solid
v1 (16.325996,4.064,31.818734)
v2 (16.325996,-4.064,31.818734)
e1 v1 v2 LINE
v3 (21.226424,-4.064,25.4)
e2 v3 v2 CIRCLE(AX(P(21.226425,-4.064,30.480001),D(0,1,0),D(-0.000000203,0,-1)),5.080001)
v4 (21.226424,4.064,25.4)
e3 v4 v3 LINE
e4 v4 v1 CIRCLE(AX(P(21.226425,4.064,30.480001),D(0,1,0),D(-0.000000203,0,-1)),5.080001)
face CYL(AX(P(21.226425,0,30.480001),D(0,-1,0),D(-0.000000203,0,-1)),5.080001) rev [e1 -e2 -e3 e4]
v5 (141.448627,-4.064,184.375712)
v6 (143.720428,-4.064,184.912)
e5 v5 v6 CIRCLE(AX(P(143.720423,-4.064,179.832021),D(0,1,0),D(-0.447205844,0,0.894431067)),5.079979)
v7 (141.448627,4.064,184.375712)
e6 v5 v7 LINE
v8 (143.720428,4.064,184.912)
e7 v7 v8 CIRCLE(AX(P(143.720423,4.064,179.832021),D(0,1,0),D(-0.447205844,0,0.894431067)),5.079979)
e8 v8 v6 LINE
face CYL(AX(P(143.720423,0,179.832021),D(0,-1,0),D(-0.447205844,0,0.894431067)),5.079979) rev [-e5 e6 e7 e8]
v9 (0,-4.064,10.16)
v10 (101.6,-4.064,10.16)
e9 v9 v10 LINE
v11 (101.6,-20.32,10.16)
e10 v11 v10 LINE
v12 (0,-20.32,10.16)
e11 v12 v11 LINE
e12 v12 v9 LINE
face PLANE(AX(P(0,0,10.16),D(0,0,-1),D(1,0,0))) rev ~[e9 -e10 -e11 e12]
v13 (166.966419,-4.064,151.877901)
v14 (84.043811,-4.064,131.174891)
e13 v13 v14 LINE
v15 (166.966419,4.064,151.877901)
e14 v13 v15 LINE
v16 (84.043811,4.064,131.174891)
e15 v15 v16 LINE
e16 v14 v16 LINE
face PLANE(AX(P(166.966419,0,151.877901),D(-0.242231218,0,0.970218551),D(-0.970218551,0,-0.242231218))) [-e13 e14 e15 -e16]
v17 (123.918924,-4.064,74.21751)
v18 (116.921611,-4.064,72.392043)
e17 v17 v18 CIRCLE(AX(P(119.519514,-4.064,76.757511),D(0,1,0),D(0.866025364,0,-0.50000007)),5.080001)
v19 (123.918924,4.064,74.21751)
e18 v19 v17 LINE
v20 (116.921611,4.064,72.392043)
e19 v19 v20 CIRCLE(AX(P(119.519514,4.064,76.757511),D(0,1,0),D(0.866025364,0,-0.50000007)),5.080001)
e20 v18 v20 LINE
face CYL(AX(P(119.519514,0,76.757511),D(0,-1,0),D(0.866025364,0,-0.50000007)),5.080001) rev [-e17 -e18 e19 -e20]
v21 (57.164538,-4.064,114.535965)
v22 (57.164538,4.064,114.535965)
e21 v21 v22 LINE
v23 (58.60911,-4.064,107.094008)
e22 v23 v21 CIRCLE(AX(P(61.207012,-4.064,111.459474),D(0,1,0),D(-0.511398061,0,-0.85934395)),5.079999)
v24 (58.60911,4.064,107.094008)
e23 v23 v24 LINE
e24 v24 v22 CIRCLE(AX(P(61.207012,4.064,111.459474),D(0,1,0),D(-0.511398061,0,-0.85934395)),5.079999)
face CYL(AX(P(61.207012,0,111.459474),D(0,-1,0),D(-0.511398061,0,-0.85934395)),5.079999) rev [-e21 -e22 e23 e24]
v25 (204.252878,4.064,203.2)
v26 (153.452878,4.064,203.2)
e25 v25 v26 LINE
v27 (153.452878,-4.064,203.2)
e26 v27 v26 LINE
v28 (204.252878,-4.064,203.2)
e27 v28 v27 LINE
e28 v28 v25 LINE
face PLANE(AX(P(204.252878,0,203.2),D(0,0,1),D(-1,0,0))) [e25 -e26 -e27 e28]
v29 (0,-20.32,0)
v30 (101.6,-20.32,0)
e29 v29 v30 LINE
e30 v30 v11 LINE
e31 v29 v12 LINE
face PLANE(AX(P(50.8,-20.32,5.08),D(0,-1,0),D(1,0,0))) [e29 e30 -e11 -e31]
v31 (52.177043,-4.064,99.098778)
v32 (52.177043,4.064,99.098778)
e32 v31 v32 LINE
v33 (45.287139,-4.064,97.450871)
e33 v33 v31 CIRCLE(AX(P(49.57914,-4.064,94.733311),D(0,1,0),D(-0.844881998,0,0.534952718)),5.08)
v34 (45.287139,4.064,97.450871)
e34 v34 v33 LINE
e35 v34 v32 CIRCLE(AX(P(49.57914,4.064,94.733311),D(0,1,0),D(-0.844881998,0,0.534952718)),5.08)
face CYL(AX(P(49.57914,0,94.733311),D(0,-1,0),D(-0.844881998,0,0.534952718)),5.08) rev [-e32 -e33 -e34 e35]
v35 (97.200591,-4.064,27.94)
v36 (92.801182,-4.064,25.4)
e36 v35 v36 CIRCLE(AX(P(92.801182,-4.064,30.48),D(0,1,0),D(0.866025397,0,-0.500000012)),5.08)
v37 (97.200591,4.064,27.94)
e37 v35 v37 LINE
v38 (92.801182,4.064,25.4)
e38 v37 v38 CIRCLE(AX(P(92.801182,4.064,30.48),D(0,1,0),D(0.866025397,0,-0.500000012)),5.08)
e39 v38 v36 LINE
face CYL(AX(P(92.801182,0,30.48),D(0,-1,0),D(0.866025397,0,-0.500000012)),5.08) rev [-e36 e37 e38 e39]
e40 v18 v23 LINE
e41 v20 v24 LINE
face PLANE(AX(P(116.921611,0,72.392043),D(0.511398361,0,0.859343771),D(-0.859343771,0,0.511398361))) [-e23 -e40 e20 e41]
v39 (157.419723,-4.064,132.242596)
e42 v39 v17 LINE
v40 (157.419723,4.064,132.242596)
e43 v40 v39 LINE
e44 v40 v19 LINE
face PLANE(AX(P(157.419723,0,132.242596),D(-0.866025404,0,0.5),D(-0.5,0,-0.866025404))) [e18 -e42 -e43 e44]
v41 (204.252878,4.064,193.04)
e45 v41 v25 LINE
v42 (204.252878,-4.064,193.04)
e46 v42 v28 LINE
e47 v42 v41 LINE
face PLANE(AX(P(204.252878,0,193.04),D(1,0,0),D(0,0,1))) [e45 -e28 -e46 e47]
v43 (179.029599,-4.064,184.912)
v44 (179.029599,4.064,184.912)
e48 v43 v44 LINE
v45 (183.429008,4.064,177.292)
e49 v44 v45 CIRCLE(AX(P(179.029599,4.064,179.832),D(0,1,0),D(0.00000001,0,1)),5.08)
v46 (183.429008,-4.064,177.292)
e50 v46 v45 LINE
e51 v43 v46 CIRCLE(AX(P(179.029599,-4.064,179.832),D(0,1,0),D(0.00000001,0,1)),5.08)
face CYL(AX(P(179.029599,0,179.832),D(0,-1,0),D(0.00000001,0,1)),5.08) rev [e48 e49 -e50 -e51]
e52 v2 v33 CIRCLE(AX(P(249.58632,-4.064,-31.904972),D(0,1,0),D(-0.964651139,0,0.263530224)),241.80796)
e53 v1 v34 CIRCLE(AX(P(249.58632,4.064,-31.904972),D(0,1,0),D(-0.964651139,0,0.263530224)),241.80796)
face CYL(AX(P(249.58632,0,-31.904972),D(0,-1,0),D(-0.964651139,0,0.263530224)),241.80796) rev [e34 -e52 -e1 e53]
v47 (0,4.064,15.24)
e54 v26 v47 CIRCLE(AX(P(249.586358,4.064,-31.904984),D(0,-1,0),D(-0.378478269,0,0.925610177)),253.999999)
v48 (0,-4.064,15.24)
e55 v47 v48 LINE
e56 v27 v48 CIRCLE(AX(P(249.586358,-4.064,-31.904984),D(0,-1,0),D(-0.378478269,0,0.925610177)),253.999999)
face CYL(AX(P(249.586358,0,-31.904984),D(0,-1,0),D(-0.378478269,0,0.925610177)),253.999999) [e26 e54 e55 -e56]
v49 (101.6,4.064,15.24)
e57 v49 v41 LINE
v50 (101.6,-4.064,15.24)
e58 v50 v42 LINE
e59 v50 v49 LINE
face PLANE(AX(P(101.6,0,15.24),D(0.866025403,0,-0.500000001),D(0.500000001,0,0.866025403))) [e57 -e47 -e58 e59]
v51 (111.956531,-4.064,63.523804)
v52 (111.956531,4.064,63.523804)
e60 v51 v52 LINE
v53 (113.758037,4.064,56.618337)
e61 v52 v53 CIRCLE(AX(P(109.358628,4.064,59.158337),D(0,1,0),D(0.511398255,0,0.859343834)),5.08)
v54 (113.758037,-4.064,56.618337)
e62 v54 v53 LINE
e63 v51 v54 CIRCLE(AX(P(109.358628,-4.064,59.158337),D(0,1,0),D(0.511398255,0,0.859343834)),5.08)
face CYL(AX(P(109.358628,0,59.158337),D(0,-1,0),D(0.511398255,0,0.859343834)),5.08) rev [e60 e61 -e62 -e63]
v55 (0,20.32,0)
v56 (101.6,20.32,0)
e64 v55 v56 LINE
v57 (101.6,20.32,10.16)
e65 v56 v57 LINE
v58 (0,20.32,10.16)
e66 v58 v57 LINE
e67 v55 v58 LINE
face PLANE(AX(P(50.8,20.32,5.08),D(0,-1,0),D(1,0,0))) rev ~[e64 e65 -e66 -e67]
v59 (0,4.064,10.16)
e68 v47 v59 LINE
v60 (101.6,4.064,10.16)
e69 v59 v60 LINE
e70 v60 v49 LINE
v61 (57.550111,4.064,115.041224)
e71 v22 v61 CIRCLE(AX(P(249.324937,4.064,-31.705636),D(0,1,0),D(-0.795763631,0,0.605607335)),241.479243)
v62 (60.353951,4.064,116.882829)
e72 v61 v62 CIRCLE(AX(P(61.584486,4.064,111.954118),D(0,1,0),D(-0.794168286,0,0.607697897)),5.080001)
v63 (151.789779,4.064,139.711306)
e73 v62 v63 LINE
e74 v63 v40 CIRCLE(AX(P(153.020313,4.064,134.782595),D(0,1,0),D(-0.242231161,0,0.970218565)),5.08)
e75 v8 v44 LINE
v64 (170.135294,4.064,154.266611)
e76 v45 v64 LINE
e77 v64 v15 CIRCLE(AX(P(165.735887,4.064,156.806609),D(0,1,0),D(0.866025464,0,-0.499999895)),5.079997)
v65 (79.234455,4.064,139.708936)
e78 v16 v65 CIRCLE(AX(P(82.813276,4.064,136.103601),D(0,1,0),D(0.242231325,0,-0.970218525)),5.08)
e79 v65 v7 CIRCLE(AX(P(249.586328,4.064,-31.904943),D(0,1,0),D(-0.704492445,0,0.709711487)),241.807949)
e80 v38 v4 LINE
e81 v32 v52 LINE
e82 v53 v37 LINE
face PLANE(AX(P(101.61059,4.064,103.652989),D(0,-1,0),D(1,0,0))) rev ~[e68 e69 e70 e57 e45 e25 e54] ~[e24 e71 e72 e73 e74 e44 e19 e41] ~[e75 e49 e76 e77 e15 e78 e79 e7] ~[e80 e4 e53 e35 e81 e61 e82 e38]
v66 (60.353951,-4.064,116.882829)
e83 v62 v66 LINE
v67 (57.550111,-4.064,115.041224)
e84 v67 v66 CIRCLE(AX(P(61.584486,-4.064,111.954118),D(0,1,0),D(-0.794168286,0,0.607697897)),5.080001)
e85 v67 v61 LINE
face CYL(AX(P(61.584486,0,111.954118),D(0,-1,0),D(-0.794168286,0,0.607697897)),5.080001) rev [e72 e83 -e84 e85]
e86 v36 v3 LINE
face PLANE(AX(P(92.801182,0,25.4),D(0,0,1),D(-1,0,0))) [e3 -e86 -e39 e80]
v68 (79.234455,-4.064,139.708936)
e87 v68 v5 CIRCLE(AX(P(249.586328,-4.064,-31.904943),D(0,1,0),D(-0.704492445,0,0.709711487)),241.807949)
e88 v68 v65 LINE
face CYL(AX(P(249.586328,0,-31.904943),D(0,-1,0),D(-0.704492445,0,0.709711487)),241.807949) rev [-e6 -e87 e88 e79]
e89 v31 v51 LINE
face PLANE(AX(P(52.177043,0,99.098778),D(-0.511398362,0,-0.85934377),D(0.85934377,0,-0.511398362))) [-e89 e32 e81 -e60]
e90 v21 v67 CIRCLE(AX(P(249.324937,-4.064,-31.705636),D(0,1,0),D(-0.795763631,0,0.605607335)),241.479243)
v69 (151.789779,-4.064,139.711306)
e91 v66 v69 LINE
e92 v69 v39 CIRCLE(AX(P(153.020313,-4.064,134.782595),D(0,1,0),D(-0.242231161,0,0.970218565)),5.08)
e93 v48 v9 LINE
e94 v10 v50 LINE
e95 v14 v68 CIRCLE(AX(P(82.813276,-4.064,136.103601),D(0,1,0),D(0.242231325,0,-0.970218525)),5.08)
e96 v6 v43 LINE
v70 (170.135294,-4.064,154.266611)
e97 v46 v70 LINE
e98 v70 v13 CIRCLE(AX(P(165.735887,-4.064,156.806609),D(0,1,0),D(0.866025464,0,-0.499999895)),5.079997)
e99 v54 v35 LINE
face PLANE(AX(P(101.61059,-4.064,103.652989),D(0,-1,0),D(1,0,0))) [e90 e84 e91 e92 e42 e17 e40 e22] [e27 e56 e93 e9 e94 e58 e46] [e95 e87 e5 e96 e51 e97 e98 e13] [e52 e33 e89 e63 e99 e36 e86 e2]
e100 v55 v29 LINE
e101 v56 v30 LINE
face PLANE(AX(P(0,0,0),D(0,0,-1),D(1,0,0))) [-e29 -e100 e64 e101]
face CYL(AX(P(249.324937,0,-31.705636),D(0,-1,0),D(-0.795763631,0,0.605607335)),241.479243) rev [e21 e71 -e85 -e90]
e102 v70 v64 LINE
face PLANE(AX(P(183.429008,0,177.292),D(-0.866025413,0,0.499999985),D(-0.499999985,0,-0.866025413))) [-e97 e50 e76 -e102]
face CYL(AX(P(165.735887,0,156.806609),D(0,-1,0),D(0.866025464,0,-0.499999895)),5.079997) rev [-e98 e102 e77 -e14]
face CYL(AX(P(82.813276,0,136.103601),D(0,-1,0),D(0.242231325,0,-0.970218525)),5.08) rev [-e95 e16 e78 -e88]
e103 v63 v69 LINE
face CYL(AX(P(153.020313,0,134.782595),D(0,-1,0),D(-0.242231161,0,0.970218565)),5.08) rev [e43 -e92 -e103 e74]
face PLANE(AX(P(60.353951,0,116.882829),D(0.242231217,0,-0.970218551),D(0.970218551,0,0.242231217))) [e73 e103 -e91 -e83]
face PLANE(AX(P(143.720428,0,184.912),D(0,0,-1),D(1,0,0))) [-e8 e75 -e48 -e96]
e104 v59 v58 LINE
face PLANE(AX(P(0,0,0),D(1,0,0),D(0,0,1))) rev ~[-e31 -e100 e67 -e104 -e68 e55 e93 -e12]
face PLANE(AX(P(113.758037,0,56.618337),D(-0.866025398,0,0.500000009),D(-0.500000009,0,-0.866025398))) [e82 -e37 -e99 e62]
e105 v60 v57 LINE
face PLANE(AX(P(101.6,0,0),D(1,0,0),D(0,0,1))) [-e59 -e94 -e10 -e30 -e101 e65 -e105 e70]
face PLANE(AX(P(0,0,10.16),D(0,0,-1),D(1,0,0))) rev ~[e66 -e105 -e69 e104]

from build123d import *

# Parameters (mm, degrees)
F1_DEPTH = 4.064
F0_W     = 101.6
F0_H     = 10.16
F2_DEPTH = 20.32


with BuildPart() as f1:
    # F0 (on Front) → F1 (new body, symmetric)
    with BuildSketch(Plane.XZ):
        with BuildLine():
            ThreePointArc((153.452878, 203.2), (52.830692, 128.728784), (0, 15.24))
            Line((0, 15.24), (0, 10.16))
            Line((0, 10.16), (101.6, 10.16))
            Line((101.6, 10.16), (101.6, 15.24))
            Line((101.6, 15.24), (204.252878, 193.04))
            Line((204.252878, 193.04), (204.252878, 203.2))
            Line((204.252878, 203.2), (153.452878, 203.2))
        make_face()
        with BuildLine():
            Line((92.801182, 25.4), (21.226424, 25.4))
            ThreePointArc((21.226424, 25.4), (17.188655, 27.397336), (16.325996, 31.818734))
            ThreePointArc((16.325996, 31.818734), (28.359119, 65.714775), (45.287139, 97.450871))
            ThreePointArc((45.287139, 97.450871), (48.39745, 99.67396), (52.177043, 99.098778))
            Line((52.177043, 99.098778), (111.956531, 63.523804))
            ThreePointArc((111.956531, 63.523804), (114.27411, 60.440693), (113.758037, 56.618337))
            Line((113.758037, 56.618337), (97.200591, 27.94))
            ThreePointArc((97.200591, 27.94), (95.341182, 26.080591), (92.801182, 25.4))
        make_face(mode=Mode.SUBTRACT)
        with BuildLine():
            Line((60.353951, 116.882829), (151.789779, 139.711306))
            ThreePointArc((151.789779, 139.711306), (157.076895, 137.840462), (157.419723, 132.242596))
            Line((157.419723, 132.242596), (123.918924, 74.21751))
            ThreePointArc((123.918924, 74.21751), (120.801871, 71.842028), (116.921611, 72.392043))
            Line((116.921611, 72.392043), (58.60911, 107.094008))
            ThreePointArc((58.60911, 107.094008), (56.220096, 110.491455), (57.164538, 114.535965))
            ThreePointArc((57.164538, 114.535965), (57.357158, 114.788721), (57.550111, 115.041224))
            ThreePointArc((57.550111, 115.041224), (58.795634, 116.200141), (60.353951, 116.882829))
        make_face(mode=Mode.SUBTRACT)
        with BuildLine():
            Line((143.720428, 184.912), (179.029599, 184.912))
            ThreePointArc((179.029599, 184.912), (183.429008, 182.372), (183.429008, 177.292))
            Line((183.429008, 177.292), (170.135294, 154.266611))
            ThreePointArc((170.135294, 154.266611), (168.793752, 152.75003), (166.966419, 151.877901))
            Line((166.966419, 151.877901), (84.043811, 131.174891))
            ThreePointArc((84.043811, 131.174891), (78.387658, 133.609547), (79.234455, 139.708936))
            ThreePointArc((79.234455, 139.708936), (108.561894, 164.521107), (141.448627, 184.375712))
            ThreePointArc((141.448627, 184.375712), (142.553307, 184.776111), (143.720428, 184.912))
        make_face(mode=Mode.SUBTRACT)
    extrude(amount=F1_DEPTH, both=True)

    # F0 (on Front) → F2 (join, symmetric)
    with BuildSketch(Plane.XZ):
        with Locations((50.8, 5.08)):
            Rectangle(F0_W, F0_H)
    extrude(amount=F2_DEPTH, both=True)


solid = f1.part
